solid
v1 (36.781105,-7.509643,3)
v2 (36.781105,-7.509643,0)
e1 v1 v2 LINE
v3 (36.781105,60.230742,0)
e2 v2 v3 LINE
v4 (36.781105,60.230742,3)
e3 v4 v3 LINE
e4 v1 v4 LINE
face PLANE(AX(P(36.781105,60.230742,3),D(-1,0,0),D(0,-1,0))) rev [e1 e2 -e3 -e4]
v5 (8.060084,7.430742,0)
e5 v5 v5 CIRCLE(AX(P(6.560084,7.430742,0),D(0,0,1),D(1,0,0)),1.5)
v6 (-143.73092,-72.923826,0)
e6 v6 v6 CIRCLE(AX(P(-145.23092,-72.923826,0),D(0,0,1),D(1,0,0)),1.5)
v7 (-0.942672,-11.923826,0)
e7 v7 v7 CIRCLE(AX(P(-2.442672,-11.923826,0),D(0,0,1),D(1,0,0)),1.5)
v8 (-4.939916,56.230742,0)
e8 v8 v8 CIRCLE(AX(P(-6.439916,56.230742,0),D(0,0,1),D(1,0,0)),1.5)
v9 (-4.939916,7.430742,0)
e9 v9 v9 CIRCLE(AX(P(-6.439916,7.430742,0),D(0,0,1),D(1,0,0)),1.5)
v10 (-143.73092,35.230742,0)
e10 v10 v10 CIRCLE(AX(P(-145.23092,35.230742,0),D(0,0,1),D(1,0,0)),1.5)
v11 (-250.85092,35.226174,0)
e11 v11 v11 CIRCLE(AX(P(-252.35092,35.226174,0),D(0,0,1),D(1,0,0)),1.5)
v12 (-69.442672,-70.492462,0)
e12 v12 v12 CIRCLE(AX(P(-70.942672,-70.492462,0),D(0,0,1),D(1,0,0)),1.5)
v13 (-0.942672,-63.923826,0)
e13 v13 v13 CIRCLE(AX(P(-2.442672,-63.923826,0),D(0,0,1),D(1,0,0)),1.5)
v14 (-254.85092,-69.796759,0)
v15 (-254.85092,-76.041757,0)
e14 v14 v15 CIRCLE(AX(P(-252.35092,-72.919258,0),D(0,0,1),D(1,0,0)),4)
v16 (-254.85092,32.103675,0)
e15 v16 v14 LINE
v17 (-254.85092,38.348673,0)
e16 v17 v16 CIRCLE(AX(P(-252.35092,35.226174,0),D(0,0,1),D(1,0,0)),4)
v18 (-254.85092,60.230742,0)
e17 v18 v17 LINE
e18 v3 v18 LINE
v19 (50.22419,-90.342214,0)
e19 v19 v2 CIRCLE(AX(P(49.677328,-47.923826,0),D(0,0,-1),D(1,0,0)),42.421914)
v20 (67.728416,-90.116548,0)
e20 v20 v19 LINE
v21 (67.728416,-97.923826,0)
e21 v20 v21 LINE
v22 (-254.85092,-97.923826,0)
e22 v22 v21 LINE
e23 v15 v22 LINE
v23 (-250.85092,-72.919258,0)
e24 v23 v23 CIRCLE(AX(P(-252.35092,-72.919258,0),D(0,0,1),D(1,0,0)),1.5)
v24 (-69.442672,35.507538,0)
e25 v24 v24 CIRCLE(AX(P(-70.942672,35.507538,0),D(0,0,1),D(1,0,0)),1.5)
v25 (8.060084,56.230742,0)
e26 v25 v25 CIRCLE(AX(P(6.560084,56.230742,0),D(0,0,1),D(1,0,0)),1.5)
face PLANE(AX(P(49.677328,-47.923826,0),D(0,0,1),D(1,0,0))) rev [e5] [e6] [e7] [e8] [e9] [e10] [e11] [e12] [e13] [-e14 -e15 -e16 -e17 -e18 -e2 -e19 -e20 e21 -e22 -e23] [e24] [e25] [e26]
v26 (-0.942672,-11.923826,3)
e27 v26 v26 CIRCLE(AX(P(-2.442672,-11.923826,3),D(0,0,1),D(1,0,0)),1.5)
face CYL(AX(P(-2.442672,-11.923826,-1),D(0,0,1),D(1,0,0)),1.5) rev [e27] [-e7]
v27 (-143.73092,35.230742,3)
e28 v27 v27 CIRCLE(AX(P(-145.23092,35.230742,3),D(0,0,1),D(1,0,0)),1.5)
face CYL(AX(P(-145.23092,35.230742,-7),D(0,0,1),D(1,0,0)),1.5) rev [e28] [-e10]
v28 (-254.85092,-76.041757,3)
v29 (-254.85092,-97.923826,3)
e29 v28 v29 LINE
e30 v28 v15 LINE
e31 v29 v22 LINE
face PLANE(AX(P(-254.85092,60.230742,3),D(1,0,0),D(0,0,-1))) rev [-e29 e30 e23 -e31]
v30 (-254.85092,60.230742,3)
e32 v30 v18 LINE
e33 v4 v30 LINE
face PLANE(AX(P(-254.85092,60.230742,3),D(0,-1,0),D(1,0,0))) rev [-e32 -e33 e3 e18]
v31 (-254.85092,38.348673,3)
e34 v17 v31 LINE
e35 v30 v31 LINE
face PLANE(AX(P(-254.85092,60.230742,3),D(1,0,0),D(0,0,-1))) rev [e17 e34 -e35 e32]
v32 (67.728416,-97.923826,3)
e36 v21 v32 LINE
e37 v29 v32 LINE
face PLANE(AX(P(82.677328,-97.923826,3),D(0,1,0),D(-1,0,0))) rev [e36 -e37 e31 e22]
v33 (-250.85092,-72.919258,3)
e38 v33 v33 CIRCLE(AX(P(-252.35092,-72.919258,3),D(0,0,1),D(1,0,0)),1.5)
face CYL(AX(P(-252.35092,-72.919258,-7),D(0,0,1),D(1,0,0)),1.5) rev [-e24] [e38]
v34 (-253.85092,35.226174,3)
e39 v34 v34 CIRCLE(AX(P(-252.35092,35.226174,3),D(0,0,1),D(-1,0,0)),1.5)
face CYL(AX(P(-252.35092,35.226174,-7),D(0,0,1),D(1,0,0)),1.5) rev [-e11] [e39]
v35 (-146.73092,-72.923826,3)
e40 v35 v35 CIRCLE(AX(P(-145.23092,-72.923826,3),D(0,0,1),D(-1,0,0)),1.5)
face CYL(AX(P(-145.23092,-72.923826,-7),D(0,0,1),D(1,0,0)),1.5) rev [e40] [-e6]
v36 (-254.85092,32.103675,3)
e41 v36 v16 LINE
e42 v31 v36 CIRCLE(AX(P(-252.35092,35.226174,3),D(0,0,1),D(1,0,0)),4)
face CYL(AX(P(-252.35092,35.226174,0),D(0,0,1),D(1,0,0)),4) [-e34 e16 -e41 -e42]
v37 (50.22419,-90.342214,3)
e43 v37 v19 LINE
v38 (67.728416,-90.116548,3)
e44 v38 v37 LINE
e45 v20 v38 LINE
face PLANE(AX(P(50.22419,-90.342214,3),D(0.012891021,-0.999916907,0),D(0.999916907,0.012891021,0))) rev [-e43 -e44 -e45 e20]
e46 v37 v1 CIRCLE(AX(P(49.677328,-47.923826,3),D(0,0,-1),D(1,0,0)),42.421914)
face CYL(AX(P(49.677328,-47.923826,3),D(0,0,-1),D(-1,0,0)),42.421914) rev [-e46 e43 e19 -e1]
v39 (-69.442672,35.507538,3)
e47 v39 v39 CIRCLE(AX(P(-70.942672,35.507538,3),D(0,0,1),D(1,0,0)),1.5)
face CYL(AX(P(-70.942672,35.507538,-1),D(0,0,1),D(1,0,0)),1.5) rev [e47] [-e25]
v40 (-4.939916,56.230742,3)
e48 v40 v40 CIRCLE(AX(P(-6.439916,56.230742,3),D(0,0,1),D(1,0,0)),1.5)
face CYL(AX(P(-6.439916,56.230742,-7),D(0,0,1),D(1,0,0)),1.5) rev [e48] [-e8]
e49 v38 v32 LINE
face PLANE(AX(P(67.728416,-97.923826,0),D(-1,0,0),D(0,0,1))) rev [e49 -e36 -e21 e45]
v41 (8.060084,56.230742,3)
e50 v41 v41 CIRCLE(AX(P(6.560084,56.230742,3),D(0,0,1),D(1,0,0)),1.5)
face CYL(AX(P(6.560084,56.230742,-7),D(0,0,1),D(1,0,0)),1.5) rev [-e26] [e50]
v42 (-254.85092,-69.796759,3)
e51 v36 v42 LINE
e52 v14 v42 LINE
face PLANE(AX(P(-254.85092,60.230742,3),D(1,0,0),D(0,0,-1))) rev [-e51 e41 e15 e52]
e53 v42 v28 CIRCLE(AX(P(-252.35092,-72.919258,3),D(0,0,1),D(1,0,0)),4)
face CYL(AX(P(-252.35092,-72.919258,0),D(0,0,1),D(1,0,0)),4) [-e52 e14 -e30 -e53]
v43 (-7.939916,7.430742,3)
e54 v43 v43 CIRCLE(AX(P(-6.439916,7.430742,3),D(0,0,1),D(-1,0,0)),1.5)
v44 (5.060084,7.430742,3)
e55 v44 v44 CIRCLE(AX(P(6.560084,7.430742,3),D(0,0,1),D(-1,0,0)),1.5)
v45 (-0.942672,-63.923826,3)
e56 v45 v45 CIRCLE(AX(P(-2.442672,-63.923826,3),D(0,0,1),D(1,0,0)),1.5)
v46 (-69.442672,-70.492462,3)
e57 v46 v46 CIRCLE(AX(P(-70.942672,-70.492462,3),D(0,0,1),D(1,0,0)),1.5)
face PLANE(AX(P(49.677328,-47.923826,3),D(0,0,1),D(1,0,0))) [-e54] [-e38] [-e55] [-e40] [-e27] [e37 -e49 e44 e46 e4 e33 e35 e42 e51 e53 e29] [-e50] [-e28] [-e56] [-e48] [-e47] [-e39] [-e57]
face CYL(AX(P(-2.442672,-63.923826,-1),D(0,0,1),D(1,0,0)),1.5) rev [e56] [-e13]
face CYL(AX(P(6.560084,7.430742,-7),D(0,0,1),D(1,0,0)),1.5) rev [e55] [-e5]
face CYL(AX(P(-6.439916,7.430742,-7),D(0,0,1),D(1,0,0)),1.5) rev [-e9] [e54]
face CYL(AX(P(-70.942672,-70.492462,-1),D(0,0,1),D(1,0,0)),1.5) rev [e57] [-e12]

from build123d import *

# Parameters (mm, degrees)
BOSS_EXTRUDE1_DEPTH = 3
CUT_EXTRUDE1_DEPTH  = 3
SKETCH10_R          = 1.5
CUT_EXTRUDE2_DEPTH  = 4
SKETCH11_R          = 1.5
CUT_EXTRUDE3_DEPTH  = 4
SKETCH12_R          = 1.5
CUT_EXTRUDE4_DEPTH  = 10
SKETCH13_R          = 1.5
CUT_EXTRUDE5_DEPTH  = 10
SKETCH15_R          = 1.5
CUT_EXTRUDE6_DEPTH  = 10
SKETCH16_R          = 4
SKETCH16_R_2        = 1.5
BOSS_EXTRUDE3_DEPTH = 3


with BuildPart() as part:
    # Sketch1 → Boss-Extrude1 (new body)
    with BuildSketch(Plane.XY):
        with BuildLine():
            Line((-254.850919962, 60.230742329), (36.781104638, 60.230742329))
            Line((36.781104638, 60.230742329), (36.781104638, -7.509642512))
            ThreePointArc((36.781104638, -7.509642512), (7.803285657, -54.719658484), (50.224189815, -90.342214419))
            Line((50.224189815, -90.342214419), (82.677328038, -89.923825571))
            Line((82.677328038, -89.923825571), (82.677328038, -97.923825571))
            Line((82.677328038, -97.923825571), (-254.850919962, -97.923825571))
            Line((-254.850919962, -97.923825571), (-254.850919962, 60.230742329))
        make_face()
    extrude(amount=BOSS_EXTRUDE1_DEPTH)

    # Sketch3 → Cut-Extrude1 (cut)
    with BuildSketch(Plane.XY.offset(3)):
        Polygon((67.728416495, -97.923825571), (67.728416495, -90.116548316), (82.677328038, -89.923825571), (82.677328038, -97.923825571), align=None)
    extrude(amount=-CUT_EXTRUDE1_DEPTH, mode=Mode.SUBTRACT)

    # Sketch10 → Cut-Extrude2 (cut)
    with BuildSketch(Plane.XY.offset(3)):
        with Locations((-2.442671962, -11.923825571)):
            Circle(SKETCH10_R)
        with Locations((-2.442671962, -63.923825571)):
            Circle(SKETCH10_R)
    extrude(amount=-CUT_EXTRUDE2_DEPTH, mode=Mode.SUBTRACT)

    # Sketch11 → Cut-Extrude3 (cut)
    with BuildSketch(Plane.XY.offset(3)):
        with Locations((-70.942671962, 35.507538029)):
            Circle(SKETCH11_R)
        with Locations((-70.942671962, -70.492461971)):
            Circle(SKETCH11_R)
    extrude(amount=-CUT_EXTRUDE3_DEPTH, mode=Mode.SUBTRACT)

    # Sketch12 → Cut-Extrude4 (cut)
    with BuildSketch(Plane.XY.offset(3)):
        with Locations((-6.43991594, 56.230742329)):
            Circle(SKETCH12_R)
        with Locations((6.56008406, 56.230742329)):
            Circle(SKETCH12_R)
        with Locations((6.56008406, 7.430742329)):
            Circle(SKETCH12_R)
        with Locations((-6.43991594, 7.430742329)):
            Circle(SKETCH12_R)
    extrude(amount=-CUT_EXTRUDE4_DEPTH, mode=Mode.SUBTRACT)

    # Sketch13 → Cut-Extrude5 (cut)
    with BuildSketch(Plane.XY.offset(3)):
        with Locations((-145.230919962, 35.230742329)):
            Circle(SKETCH13_R)
        with Locations((-145.230919962, -72.923825571)):
            Circle(SKETCH13_R)
    extrude(amount=-CUT_EXTRUDE5_DEPTH, mode=Mode.SUBTRACT)

    # Sketch15 → Cut-Extrude6 (cut)
    with BuildSketch(Plane.XY.offset(3)):
        with Locations((-252.350919962, -72.919257671)):
            Circle(SKETCH15_R)
        with Locations((-252.350919962, 35.226174429)):
            Circle(SKETCH15_R)
    extrude(amount=-CUT_EXTRUDE6_DEPTH, mode=Mode.SUBTRACT)

    # Sketch16 → Boss-Extrude3 (add)
    # profile 1 of 2: a face of its own
    with BuildSketch(Plane.XY.offset(3)):
        with Locations((-252.350919962, -72.919257671)):
            Circle(SKETCH16_R)
        with Locations((-252.350919962, -72.919257671)):
            Circle(SKETCH16_R_2, mode=Mode.SUBTRACT)
    # profile 2 of 2: a face of its own
    with BuildSketch(Plane.XY.offset(3)):
        with Locations((-252.350919962, 35.226174429)):
            Circle(SKETCH16_R)
        with Locations((-252.350919962, 35.226174429)):
            Circle(SKETCH16_R_2, mode=Mode.SUBTRACT)
    extrude(amount=-BOSS_EXTRUDE3_DEPTH)


solid = part.part
